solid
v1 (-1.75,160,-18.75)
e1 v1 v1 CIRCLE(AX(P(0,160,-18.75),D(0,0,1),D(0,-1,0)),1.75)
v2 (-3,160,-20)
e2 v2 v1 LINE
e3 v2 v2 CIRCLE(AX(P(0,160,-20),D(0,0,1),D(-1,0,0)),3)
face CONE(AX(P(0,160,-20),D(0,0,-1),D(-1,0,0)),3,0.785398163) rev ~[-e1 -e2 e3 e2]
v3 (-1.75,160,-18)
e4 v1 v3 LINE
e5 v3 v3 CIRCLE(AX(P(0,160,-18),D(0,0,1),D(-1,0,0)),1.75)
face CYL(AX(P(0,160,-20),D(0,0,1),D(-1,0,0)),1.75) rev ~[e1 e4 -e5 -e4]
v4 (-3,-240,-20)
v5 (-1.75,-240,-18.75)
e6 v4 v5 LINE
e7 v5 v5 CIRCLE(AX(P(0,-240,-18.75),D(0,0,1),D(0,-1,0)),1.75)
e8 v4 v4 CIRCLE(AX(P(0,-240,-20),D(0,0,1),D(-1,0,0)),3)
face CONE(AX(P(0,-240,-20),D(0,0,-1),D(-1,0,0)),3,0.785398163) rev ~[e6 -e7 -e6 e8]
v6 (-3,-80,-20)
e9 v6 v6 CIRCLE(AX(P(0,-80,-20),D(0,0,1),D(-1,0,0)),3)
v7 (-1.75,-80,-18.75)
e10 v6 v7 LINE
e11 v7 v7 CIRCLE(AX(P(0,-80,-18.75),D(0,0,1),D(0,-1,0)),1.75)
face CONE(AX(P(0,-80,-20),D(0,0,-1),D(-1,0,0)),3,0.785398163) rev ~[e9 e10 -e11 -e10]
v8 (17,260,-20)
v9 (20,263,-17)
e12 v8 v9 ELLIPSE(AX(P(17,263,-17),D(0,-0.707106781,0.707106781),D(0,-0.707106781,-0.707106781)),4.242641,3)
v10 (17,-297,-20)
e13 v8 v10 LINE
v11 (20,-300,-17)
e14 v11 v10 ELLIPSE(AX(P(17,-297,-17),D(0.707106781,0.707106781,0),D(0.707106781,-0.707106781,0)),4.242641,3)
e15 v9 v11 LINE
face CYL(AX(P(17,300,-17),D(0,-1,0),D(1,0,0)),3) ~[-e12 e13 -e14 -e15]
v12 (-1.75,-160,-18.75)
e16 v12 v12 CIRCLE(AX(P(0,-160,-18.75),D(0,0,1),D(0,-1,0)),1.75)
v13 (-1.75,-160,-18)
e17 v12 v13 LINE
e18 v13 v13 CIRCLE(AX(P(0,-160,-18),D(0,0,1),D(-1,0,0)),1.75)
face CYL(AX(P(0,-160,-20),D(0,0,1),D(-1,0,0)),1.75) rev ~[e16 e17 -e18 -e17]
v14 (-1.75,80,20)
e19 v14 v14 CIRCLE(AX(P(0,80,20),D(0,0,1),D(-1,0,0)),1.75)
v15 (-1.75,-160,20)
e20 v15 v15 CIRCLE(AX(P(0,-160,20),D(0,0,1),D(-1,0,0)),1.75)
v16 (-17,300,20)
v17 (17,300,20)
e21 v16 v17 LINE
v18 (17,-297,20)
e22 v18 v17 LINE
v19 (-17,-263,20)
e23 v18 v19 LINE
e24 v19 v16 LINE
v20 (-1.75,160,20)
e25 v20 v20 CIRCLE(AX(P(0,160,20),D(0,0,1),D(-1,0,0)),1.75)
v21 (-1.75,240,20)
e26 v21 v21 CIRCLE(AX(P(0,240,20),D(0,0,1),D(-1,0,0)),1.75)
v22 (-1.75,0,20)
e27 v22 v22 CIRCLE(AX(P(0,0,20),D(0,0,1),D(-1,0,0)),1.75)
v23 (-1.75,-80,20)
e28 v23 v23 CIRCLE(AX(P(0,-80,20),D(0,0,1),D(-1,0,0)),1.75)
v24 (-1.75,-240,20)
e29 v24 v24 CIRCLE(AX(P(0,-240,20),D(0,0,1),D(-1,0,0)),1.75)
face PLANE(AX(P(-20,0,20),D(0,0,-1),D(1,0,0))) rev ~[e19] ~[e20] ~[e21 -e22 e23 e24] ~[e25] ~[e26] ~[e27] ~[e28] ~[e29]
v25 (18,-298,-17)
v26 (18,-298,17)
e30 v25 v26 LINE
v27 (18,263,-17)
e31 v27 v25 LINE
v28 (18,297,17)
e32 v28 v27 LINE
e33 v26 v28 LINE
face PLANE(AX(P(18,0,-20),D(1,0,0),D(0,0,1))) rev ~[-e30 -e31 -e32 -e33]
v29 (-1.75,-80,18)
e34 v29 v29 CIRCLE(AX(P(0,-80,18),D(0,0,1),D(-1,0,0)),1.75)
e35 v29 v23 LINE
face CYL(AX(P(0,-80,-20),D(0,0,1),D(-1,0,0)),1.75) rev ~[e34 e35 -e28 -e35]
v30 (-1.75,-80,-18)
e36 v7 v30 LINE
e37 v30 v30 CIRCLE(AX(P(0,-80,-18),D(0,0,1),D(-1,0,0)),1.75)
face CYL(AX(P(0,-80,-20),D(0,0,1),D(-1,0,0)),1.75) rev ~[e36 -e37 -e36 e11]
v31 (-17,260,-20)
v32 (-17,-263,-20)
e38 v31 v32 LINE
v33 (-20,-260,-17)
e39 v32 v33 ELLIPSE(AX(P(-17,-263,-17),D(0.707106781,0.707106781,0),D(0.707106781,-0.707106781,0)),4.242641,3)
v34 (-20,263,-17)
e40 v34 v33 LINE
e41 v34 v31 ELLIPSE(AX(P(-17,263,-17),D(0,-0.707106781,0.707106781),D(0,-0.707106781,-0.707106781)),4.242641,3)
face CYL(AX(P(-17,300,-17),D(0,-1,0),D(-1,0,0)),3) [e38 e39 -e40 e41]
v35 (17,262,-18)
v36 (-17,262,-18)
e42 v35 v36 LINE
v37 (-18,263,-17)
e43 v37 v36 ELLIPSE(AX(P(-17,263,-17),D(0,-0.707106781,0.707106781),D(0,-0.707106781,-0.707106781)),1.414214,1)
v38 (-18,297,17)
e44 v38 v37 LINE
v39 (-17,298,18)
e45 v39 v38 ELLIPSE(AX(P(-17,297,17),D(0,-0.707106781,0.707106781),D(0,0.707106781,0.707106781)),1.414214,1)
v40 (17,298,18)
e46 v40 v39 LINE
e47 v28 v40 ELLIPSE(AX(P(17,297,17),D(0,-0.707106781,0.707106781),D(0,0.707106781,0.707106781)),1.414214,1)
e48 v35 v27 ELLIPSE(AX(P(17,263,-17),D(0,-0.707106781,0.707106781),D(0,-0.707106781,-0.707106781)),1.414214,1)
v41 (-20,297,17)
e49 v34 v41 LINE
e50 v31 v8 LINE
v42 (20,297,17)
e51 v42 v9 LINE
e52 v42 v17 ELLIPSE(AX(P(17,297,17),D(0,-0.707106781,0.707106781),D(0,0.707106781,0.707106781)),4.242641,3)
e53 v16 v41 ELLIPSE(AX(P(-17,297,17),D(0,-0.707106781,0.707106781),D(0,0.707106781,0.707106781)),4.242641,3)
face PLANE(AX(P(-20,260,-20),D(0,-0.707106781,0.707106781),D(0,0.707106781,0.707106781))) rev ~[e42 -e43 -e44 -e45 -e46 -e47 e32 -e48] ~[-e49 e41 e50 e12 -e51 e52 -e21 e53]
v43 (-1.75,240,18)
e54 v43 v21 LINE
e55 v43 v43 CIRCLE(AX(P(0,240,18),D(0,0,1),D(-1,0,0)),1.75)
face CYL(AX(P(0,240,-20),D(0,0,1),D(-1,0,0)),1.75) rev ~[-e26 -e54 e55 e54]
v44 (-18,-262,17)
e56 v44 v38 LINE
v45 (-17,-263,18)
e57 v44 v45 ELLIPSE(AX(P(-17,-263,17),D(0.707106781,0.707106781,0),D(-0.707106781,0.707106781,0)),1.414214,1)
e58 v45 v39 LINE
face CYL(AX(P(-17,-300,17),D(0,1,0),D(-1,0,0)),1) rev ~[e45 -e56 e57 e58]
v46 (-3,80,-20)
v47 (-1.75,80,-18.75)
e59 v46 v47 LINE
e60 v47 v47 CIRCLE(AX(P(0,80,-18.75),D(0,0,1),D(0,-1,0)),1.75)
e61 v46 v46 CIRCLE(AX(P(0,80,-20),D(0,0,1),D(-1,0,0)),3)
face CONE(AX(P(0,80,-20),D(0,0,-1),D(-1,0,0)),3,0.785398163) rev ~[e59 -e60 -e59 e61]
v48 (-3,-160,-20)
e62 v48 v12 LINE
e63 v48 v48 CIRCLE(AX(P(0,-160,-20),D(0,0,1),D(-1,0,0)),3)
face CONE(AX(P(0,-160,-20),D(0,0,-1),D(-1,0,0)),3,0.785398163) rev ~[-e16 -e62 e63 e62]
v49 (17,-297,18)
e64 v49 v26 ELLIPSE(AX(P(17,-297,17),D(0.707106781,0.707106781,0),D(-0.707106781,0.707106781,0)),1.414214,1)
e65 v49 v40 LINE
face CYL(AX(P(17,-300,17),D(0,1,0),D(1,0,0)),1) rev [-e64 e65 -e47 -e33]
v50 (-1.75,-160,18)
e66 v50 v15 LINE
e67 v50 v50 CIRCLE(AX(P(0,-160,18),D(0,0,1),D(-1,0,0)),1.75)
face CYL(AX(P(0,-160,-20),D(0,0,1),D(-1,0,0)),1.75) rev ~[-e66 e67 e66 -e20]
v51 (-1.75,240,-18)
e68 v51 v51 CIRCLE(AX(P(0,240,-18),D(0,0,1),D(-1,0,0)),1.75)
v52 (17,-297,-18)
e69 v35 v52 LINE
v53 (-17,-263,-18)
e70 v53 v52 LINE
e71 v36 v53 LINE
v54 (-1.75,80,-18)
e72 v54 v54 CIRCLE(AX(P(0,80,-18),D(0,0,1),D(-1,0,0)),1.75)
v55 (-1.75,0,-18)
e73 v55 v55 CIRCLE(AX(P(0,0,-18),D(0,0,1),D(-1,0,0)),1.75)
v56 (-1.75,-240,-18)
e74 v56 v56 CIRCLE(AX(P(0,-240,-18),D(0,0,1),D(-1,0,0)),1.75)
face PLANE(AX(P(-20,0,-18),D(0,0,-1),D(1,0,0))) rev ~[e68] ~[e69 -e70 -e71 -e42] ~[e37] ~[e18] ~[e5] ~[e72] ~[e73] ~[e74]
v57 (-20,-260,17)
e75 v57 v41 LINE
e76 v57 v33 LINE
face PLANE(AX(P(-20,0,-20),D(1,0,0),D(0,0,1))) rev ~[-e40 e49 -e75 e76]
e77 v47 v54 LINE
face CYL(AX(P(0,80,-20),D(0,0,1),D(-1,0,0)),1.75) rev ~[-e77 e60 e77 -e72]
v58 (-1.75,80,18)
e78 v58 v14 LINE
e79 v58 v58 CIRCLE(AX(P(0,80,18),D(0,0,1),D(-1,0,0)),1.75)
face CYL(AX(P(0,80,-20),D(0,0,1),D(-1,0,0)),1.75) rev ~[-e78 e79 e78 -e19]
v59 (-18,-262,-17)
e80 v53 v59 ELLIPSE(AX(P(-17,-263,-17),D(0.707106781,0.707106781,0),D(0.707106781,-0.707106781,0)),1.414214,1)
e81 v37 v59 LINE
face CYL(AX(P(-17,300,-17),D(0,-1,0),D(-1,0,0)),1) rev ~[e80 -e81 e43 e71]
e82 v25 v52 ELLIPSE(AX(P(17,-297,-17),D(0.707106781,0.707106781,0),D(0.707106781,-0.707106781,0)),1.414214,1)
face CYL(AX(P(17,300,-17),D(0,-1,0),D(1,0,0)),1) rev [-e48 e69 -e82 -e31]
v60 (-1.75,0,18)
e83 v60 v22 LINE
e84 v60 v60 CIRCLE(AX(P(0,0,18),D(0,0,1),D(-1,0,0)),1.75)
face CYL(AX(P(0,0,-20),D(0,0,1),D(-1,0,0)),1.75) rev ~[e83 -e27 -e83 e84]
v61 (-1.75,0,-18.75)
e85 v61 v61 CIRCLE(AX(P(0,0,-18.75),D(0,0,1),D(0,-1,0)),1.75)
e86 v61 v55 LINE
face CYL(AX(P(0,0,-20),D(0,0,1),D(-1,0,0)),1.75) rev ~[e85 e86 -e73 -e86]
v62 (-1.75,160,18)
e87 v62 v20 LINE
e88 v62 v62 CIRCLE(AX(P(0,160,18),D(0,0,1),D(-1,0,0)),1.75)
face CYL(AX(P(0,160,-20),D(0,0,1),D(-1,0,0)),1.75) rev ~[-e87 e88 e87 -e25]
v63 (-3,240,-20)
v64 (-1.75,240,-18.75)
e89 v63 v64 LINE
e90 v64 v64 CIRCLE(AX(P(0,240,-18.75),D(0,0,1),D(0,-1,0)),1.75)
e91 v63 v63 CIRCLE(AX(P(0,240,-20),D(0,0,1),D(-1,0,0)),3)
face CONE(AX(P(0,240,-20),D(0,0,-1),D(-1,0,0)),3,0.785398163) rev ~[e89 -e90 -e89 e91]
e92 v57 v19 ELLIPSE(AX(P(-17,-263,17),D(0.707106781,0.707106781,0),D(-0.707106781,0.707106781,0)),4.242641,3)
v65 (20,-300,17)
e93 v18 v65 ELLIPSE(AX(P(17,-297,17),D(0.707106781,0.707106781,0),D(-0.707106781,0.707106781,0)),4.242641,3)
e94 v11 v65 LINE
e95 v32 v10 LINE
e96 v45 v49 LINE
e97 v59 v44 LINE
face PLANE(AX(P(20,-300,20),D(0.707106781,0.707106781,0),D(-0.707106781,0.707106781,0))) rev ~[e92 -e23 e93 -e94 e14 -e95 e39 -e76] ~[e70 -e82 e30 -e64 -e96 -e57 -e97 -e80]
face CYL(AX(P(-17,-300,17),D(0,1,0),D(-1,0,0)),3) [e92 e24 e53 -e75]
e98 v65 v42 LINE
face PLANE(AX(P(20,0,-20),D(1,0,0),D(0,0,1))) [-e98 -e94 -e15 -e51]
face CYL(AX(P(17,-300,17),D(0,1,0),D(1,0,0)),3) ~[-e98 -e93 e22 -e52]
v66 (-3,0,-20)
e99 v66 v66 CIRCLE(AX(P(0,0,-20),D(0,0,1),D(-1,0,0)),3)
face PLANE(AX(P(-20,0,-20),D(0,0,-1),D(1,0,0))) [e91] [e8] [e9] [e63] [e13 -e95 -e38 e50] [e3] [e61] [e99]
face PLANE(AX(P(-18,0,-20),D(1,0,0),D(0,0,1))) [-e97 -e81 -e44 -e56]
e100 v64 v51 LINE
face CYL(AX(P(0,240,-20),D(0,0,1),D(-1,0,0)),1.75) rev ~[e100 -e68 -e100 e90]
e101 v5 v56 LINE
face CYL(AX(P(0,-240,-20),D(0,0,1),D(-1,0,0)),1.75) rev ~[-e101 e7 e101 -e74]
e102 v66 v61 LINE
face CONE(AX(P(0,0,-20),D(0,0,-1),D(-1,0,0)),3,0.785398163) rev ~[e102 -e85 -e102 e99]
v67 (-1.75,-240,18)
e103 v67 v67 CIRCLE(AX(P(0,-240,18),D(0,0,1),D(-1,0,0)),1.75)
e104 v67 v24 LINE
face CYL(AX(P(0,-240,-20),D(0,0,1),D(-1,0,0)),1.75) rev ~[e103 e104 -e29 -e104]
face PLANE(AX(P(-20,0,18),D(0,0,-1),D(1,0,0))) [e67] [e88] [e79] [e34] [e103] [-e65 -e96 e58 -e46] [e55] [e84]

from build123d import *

# Parameters (mm, degrees)
F2_W            = 40
F2_H            = 40
F3_DEPTH        = 300
F4_R            = 3
F5_T            = -2
F7_DEPTH        = 40.001
F9_DEPTH        = 40.001
F11_D           = 3.5
F11_CSINK_D     = 6
F11_CSINK_ANGLE = 90


with BuildPart() as f3:
    # F2 (on Front) → F3 (new body, symmetric)
    with BuildSketch(Plane.XZ):
        Rectangle(F2_W, F2_H)
    extrude(amount=F3_DEPTH, both=True)

    # F4
    f4_edges = [f3.edges().sort_by_distance(p)[0] for p in [
        (20, 0, 20),
        (-20, 0, 20),
        (20, 0, -20),
        (-20, 0, -20),
    ]]
    fillet(f4_edges, radius=F4_R)

    # F5
    f5_openings = [f3.faces().sort_by_distance(p)[0] for p in [
        (0, -300, 0),
        (0, 300, 0),
    ]]
    offset(amount=F5_T, openings=f5_openings)

    # F6 (on face) → F7 (cut, through all)
    with BuildSketch(Plane(origin=(-20, 0, 0), x_dir=(0, -1, 0), z_dir=(-1, 0, 0))):
        Polygon((-300, 20), (-300, -20), (-260, -20), align=None)
    extrude(amount=-F7_DEPTH, mode=Mode.SUBTRACT)

    # F8 (on face) → F9 (cut, through all)
    with BuildSketch(Plane.XY.offset(20)):
        Polygon((-20, -260), (-20, -300), (20, -300), align=None)
    extrude(amount=-F9_DEPTH, mode=Mode.SUBTRACT)

    # F11 (through all)
    with Locations(Plane(origin=(0, 0, -20), x_dir=(1, 0, 0), z_dir=(0, 0, -1))):
        with Locations((0, -240), (0, -160), (0, -80), (0, 0), (0, 80), (0, 160), (0, 240)):
            CounterSinkHole(F11_D / 2, F11_CSINK_D / 2, counter_sink_angle=F11_CSINK_ANGLE)


solid = f3.part
